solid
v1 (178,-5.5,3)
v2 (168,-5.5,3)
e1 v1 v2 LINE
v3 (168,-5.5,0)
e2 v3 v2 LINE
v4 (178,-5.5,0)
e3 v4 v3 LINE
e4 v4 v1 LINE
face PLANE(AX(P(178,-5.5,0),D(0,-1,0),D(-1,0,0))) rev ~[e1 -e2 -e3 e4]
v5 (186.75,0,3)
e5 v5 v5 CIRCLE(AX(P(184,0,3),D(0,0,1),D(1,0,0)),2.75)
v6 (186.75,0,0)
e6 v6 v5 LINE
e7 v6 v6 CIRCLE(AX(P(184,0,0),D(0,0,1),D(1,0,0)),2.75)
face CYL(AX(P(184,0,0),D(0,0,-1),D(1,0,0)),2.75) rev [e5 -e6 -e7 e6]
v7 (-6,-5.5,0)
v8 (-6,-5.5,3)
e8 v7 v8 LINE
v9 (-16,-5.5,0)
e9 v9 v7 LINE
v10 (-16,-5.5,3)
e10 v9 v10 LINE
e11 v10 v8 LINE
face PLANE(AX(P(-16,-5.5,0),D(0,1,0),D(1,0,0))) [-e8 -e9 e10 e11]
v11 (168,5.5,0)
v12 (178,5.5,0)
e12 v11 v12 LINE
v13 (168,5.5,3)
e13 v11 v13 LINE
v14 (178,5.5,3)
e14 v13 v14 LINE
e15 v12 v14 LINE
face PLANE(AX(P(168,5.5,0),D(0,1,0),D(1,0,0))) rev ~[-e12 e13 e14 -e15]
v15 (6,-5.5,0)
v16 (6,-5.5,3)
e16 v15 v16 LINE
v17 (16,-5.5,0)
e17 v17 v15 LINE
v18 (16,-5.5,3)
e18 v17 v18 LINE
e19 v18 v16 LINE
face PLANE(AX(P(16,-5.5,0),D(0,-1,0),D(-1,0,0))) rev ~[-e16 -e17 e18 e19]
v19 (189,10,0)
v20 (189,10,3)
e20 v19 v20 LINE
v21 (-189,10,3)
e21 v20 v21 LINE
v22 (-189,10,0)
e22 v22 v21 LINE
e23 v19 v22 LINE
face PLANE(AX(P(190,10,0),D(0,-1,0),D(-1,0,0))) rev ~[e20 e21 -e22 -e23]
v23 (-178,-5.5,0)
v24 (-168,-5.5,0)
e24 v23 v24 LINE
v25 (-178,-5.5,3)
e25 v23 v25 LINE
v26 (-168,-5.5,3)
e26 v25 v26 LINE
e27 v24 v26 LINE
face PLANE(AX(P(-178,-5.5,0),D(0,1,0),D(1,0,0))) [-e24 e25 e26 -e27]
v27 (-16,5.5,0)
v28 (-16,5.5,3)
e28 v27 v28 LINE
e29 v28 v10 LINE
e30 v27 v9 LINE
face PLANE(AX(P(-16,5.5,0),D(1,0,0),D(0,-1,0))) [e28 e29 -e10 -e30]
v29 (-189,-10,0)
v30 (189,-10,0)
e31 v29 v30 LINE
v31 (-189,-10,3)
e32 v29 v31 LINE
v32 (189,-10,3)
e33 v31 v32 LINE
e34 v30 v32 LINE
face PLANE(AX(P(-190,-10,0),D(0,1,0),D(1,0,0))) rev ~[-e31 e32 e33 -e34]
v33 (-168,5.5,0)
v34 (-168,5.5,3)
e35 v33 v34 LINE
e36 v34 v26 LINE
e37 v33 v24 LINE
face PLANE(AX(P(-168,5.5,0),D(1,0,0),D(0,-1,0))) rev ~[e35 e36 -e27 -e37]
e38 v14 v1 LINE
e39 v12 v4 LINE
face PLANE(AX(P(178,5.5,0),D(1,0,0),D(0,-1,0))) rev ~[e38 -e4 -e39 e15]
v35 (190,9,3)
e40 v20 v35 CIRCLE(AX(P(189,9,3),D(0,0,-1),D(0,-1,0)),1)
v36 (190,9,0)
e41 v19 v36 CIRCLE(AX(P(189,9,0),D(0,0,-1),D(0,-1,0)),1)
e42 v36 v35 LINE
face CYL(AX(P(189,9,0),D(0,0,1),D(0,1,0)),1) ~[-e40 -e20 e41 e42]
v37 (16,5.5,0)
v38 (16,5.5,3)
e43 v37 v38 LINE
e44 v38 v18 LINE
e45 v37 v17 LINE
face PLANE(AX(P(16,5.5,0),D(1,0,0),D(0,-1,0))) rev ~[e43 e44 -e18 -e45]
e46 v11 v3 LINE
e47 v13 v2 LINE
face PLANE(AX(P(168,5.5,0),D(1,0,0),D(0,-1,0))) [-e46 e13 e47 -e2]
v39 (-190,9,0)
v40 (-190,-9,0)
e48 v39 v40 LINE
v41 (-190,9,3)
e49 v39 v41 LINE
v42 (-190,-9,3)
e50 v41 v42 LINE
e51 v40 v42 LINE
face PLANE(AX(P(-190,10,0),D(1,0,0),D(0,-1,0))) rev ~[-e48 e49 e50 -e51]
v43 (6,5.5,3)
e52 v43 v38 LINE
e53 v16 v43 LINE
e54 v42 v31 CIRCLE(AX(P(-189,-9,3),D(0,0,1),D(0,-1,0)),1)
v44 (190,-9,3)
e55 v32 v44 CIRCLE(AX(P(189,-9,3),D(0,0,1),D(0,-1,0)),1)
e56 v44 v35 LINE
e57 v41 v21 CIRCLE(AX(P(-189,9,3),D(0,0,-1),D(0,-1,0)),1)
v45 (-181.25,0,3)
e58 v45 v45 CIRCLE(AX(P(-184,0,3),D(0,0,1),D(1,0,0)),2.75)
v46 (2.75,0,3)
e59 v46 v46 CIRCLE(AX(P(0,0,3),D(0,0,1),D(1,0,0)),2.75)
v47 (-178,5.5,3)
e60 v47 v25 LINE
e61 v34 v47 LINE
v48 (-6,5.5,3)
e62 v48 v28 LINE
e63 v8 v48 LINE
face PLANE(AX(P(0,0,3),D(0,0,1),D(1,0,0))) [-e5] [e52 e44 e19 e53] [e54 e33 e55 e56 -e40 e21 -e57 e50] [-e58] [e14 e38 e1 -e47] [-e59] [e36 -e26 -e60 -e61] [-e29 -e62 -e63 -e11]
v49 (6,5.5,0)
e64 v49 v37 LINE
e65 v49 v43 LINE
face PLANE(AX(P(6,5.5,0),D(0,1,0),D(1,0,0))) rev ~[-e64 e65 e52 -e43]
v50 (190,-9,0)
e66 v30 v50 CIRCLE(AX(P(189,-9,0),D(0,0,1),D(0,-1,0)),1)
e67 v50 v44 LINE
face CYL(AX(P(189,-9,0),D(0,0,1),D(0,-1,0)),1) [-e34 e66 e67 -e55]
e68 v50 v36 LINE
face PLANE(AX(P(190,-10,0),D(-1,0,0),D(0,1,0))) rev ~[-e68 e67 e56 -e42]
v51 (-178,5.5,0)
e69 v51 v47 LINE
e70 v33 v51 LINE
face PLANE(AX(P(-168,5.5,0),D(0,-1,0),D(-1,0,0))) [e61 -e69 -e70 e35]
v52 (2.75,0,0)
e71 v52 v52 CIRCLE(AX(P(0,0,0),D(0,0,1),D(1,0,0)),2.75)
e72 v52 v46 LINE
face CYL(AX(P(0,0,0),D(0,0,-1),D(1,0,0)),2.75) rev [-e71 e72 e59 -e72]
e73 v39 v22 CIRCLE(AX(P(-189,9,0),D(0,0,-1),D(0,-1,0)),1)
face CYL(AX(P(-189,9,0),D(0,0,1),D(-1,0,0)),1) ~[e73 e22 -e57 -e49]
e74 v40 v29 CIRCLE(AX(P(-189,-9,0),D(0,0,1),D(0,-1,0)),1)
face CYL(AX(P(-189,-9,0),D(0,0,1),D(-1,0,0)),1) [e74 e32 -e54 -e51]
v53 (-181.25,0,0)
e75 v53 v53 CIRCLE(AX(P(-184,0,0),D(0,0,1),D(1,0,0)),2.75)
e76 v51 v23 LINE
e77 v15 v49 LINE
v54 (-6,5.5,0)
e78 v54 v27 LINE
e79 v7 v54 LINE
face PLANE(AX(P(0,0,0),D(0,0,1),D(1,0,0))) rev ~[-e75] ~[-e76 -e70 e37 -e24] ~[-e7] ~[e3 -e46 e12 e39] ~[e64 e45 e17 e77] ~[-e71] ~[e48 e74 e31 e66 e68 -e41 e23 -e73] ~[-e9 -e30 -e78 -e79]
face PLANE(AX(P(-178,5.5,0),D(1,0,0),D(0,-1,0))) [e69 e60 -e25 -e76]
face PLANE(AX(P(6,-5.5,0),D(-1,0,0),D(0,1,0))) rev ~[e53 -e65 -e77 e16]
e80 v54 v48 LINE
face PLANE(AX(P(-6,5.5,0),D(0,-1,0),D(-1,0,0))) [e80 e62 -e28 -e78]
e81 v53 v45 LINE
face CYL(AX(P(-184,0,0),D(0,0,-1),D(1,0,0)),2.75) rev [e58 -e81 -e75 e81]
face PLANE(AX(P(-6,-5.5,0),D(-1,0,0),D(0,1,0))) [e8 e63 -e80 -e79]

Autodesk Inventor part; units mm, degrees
ref_plane "YZ Plane" through (0, 0, 0) normal (1, 0, 0) x (0, 1, 0)
ref_plane "XZ Plane" through (0, 0, 0) normal (0, 1, 0) x (-1, 0, 0)
ref_plane "XY Plane" through (0, 0, 0) normal (0, 0, 1) x (1, 0, 0)
sketch "Sketch1" plane through (0, 0, 0) normal (0, 0, 1) x (1, 0, 0)
  line L0 (-190, -10) -> (190, -10)
  line L1 (190, -10) -> (190, 10)
  line L2 (190, 10) -> (-190, 10)
  line L3 (-190, 10) -> (-190, -10)
  line L4 (-190, -10) -> (190, 10) construction
  line L5 (190, -10) -> (-190, 10) construction
  line L6 (-266.2899, 0) -> (266.2899, 0) construction
  line L7 (-178, -5.5) -> (-6, -5.5)
  line L8 (-6, -5.5) -> (-6, 5.5)
  line L9 (-6, 5.5) -> (-178, 5.5)
  line L10 (-178, 5.5) -> (-178, -5.5)
  line L11 (-178, -5.5) -> (-6, 5.5) construction
  line L12 (-6, -5.5) -> (-178, 5.5) construction
  line L13 (0, 14.2899) -> (0, -14.2899) construction
  line L14 (178, -5.5) -> (6, -5.5)
  line L15 (6, -5.5) -> (6, 5.5)
  line L16 (6, 5.5) -> (178, 5.5)
  line L17 (178, 5.5) -> (178, -5.5)
  line L18 (178, -5.5) -> (6, 5.5) construction
  line L19 (6, -5.5) -> (178, 5.5) construction
  circle A0 centre (-184, 0) radius 2.75
  circle A1 centre (0, 0) radius 2.75
  circle A2 centre (184, 0) radius 2.75
  line L20 (-178, 5.5) -> (-168, 5.5)
  line L21 (-168, 5.5) -> (-168, -5.5)
  line L22 (-168, -5.5) -> (-178, -5.5)
  line L23 (-178, -5.5) -> (-178, 5.5)
  line L24 (-6, 5.5) -> (-16, 5.5)
  line L25 (-16, 5.5) -> (-16, -5.5)
  line L26 (-16, -5.5) -> (-6, -5.5)
  line L27 (-6, -5.5) -> (-6, 5.5)
  line L28 (16, 5.5) -> (16, -5.5)
  line L29 (168, 5.5) -> (168, -5.5)
  point P0 (-92, 0)
  point P1 (92, 0)
  point P2 (168, -5.5)
  dimension "d0" = 380
  dimension "d1" = 20
  dimension "d2" = 11
  dimension "d3" = 12
  dimension "d4" = 6
  dimension "d5" = 5.5
  dimension "d6" = 6
  dimension "d7" = 5.5
  dimension "d11" = 10
  dimension "d12" = 10
extrude "Extrusion1" add sketch "Sketch1" along normal blind 3 contours L3 L2 L1 L0 | L21 L9 L25 L7 | L14 L28 L16 L29
fillet "Fillet1" radius 1 4 edges at (-190, -10, 1.5) (-190, 10, 1.5) (190, -10, 1.5) (190, 10, 1.5)
sketch "Sketch2" plane through (0, 0, 3) normal (0, 0, 1) x (1, 0, 0)
  arc A0 (190, 9) -> (189, 10) centre (189, 9) ccw projected
  line L0 (189, 10) -> (-189, 10) projected
  arc A1 (-189, 10) -> (-190, 9) centre (-189, 9) ccw projected
  line L1 (-190, 9) -> (-190, -9) projected
  arc A2 (-190, -9) -> (-189, -10) centre (-189, -9) ccw projected
  line L2 (-189, -10) -> (189, -10) projected
  arc A3 (189, -10) -> (190, -9) centre (189, -9) ccw projected
  line L3 (190, -9) -> (190, 9) projected
  circle A4 centre (-184, 0) radius 2.75 projected
  circle A5 centre (0, 0) radius 2.75 projected
  circle A6 centre (184, 0) radius 2.75 projected
  line L4 (16, 5.5) -> (16, -5.5) projected
  line L5 (16, -5.5) -> (6, -5.5) projected
  line L6 (6, -5.5) -> (6, 5.5) projected
  line L7 (6, 5.5) -> (16, 5.5) projected
  line L8 (-168, 5.5) -> (-168, -5.5) projected
  line L9 (-168, -5.5) -> (-178, -5.5) projected
  line L10 (-178, -5.5) -> (-178, 5.5) projected
  line L11 (-178, 5.5) -> (-168, 5.5) projected
  line L12 (168, 5.5) -> (178, 5.5) projected
  line L13 (178, 5.5) -> (178, -5.5) projected
  line L14 (178, -5.5) -> (168, -5.5) projected
  line L15 (168, -5.5) -> (168, 5.5) projected
  line L16 (-16, 5.5) -> (-6, 5.5) projected
  line L17 (-6, 5.5) -> (-6, -5.5) projected
  line L18 (-6, -5.5) -> (-16, -5.5) projected
  line L19 (-16, -5.5) -> (-16, 5.5) projected
equation "\"d6\" = 0.5 * d3"
equation "\"d7\" = d5"
equation "\"d12\" = d11"
properties part number "LED_Holder_FrontTop"
